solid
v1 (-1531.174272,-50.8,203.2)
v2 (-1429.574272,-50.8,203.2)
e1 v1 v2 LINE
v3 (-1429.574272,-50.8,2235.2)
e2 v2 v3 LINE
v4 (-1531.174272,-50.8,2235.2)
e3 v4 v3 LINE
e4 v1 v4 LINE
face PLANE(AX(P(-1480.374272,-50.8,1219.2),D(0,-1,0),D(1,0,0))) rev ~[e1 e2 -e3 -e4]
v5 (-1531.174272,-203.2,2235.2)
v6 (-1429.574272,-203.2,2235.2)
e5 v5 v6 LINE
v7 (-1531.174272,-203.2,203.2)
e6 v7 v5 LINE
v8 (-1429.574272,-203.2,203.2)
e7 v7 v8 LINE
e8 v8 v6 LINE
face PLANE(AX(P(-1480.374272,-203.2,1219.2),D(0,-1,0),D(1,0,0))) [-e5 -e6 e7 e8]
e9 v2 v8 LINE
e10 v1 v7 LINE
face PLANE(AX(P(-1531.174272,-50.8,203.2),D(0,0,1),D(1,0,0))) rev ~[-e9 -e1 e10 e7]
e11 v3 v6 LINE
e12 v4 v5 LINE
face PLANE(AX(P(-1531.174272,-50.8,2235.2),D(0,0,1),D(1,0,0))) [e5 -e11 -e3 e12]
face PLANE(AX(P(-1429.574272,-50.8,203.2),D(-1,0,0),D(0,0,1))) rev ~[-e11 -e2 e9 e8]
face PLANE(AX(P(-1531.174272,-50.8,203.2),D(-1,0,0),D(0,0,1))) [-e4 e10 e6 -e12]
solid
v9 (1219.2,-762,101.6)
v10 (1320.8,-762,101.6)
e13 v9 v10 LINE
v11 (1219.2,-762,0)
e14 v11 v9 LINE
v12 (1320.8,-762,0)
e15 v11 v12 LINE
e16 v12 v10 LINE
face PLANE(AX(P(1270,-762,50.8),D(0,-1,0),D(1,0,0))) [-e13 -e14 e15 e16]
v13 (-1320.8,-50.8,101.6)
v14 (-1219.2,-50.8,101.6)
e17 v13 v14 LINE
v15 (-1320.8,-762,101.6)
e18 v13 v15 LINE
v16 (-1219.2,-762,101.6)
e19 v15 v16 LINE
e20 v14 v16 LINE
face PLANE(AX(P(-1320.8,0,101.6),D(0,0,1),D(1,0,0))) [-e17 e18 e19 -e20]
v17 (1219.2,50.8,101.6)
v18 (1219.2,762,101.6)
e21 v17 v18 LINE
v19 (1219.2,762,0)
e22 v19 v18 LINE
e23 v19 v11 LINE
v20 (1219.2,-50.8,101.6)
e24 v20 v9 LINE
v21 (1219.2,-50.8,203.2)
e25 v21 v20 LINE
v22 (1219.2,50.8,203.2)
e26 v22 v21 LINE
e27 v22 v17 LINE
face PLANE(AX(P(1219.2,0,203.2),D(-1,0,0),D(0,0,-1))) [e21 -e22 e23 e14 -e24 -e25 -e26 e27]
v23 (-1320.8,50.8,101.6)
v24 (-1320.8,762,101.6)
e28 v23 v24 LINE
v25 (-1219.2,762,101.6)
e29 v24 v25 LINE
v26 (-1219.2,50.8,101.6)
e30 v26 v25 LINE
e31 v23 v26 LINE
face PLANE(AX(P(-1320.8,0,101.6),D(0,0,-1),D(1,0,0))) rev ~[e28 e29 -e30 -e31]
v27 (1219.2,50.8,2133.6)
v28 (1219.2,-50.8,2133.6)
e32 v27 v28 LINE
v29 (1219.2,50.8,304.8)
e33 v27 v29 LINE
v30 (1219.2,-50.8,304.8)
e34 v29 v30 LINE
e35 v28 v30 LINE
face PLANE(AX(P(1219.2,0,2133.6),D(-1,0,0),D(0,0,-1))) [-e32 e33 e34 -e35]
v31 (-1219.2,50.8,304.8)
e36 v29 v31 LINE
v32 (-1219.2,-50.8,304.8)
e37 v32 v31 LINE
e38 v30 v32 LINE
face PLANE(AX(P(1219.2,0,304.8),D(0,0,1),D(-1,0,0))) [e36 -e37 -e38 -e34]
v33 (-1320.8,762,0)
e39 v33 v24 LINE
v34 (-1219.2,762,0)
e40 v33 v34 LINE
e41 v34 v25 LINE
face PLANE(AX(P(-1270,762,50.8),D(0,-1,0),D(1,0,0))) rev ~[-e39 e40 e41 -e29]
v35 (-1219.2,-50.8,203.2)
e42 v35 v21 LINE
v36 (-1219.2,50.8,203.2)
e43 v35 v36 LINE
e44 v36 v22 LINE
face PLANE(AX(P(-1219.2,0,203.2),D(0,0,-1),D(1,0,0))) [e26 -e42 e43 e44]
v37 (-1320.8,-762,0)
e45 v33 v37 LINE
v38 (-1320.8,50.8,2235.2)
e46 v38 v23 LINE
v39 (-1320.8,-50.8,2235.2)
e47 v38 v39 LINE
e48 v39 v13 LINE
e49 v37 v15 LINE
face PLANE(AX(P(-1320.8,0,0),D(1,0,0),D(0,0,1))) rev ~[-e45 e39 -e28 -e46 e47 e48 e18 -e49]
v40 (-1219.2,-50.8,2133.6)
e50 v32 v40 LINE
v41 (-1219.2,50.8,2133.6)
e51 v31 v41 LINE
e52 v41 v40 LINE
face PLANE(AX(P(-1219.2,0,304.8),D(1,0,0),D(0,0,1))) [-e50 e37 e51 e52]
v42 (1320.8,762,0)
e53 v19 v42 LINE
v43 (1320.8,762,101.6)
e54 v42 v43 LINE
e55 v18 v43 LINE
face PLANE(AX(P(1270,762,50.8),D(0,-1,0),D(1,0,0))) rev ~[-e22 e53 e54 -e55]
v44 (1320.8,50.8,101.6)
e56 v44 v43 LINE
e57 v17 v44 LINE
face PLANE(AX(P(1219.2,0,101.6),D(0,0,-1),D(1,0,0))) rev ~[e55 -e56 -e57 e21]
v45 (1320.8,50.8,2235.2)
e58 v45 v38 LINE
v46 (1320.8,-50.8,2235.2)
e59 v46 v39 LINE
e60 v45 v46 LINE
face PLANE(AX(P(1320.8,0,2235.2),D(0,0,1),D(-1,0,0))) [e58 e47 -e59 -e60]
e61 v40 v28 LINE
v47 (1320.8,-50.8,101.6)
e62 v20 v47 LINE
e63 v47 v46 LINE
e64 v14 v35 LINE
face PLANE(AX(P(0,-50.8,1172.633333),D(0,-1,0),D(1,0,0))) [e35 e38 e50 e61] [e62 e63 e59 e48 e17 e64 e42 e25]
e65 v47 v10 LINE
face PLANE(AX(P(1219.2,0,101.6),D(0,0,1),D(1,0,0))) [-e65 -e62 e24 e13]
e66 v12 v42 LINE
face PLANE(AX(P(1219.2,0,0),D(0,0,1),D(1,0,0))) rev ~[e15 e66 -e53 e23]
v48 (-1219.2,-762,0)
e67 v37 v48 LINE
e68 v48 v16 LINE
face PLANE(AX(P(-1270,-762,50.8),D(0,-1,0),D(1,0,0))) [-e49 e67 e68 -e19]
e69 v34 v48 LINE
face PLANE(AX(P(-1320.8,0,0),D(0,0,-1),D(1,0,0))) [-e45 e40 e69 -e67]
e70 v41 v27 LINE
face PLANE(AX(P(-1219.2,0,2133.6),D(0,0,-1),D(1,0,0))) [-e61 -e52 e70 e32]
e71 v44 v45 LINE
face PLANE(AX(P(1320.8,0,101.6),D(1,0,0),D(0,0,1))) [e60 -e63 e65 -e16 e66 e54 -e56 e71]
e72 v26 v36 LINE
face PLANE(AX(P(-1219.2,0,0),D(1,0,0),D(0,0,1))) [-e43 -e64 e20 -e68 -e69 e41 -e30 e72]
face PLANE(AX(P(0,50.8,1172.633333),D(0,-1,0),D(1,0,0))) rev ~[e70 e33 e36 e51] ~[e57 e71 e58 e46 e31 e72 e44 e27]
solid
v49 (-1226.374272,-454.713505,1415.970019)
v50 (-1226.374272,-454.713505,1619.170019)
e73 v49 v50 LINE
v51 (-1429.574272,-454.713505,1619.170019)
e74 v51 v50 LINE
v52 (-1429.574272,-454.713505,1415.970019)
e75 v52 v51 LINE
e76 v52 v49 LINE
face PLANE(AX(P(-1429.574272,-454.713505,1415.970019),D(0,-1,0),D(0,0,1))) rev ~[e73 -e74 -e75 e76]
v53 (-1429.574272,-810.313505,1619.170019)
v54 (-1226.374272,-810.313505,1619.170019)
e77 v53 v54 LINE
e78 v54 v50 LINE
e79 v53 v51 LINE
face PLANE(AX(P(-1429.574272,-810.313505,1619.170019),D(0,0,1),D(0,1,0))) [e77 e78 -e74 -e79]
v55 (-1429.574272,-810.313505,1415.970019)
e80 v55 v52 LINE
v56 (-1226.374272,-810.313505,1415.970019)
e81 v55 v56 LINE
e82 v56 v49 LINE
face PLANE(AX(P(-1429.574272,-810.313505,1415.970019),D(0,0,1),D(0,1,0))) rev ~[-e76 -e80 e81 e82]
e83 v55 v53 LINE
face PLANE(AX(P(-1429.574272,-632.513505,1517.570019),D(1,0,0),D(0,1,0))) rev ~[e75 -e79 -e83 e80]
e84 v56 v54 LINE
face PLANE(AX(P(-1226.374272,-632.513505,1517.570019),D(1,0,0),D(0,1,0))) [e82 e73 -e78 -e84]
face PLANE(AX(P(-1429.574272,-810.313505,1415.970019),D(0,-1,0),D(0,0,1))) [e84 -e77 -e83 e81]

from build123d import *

# Parameters (mm, degrees)
F1_DEPTH      = 50.8
F1_DEPTH_BACK = 50.8
F0_W          = 101.6
F0_H          = 101.6
F2_DEPTH      = 762
F2_DEPTH_BACK = 762
F3_W          = 101.6
F3_H          = 2032
F4_DEPTH      = 152.4
F5_W          = 355.6
F5_H          = 203.2
F6_DEPTH      = 203.2
F7_DEPTH      = 203.2


with BuildPart() as f1:
    # F0 (on Front) → F1 (new body, two sides)
    with BuildSketch(Plane.XZ) as f1_sk:
        Polygon((-1219.2, 203.2), (0, 203.2), (1219.2, 203.2), (1219.2, 101.6), (1320.8, 101.6), (1320.8, 2235.2), (0, 2235.2), (-1320.8, 2235.2), (-1320.8, 101.6), (-1219.2, 101.6), align=None)
        Polygon((-1219.2, 2133.6), (0, 2133.6), (1219.2, 2133.6), (1219.2, 304.8), (0, 304.8), (-1219.2, 304.8), align=None, mode=Mode.SUBTRACT)
    extrude(amount=F1_DEPTH)
    extrude(f1_sk.sketch, amount=-F1_DEPTH_BACK)

    # F0 (on Front) → F2 (join, two sides)
    with BuildSketch(Plane.XZ) as f2_sk:
        with Locations((-1270, 50.8)):
            Rectangle(F0_W, F0_H)
        with Locations((1270, 50.8)):
            Rectangle(F0_W, F0_H)
    extrude(amount=F2_DEPTH)
    extrude(f2_sk.sketch, amount=-F2_DEPTH_BACK)


with BuildPart() as f4:
    # F3 (on face) → F4 (new body)
    with BuildSketch(Plane.XZ.offset(50.8)):
        with Locations((-1480.374272, 1219.2)):
            Rectangle(F3_W, F3_H)
    extrude(amount=F4_DEPTH)


with BuildPart() as f6:
    # F5 (on face) → F6 (new body)
    with BuildSketch(Plane.YZ.offset(-1429.574272)):
        with Locations((-632.513505, 1517.570019)):
            Rectangle(F5_W, F5_H)
    extrude(amount=F6_DEPTH)

    # F5 (on face) → F7 (join)
    with BuildSketch(Plane.YZ.offset(-1429.574272)):
        with Locations((-632.513505, 1517.570019)):
            Rectangle(F5_W, F5_H)
    extrude(amount=F7_DEPTH)


solid = Compound([f1.part, f4.part, f6.part])
